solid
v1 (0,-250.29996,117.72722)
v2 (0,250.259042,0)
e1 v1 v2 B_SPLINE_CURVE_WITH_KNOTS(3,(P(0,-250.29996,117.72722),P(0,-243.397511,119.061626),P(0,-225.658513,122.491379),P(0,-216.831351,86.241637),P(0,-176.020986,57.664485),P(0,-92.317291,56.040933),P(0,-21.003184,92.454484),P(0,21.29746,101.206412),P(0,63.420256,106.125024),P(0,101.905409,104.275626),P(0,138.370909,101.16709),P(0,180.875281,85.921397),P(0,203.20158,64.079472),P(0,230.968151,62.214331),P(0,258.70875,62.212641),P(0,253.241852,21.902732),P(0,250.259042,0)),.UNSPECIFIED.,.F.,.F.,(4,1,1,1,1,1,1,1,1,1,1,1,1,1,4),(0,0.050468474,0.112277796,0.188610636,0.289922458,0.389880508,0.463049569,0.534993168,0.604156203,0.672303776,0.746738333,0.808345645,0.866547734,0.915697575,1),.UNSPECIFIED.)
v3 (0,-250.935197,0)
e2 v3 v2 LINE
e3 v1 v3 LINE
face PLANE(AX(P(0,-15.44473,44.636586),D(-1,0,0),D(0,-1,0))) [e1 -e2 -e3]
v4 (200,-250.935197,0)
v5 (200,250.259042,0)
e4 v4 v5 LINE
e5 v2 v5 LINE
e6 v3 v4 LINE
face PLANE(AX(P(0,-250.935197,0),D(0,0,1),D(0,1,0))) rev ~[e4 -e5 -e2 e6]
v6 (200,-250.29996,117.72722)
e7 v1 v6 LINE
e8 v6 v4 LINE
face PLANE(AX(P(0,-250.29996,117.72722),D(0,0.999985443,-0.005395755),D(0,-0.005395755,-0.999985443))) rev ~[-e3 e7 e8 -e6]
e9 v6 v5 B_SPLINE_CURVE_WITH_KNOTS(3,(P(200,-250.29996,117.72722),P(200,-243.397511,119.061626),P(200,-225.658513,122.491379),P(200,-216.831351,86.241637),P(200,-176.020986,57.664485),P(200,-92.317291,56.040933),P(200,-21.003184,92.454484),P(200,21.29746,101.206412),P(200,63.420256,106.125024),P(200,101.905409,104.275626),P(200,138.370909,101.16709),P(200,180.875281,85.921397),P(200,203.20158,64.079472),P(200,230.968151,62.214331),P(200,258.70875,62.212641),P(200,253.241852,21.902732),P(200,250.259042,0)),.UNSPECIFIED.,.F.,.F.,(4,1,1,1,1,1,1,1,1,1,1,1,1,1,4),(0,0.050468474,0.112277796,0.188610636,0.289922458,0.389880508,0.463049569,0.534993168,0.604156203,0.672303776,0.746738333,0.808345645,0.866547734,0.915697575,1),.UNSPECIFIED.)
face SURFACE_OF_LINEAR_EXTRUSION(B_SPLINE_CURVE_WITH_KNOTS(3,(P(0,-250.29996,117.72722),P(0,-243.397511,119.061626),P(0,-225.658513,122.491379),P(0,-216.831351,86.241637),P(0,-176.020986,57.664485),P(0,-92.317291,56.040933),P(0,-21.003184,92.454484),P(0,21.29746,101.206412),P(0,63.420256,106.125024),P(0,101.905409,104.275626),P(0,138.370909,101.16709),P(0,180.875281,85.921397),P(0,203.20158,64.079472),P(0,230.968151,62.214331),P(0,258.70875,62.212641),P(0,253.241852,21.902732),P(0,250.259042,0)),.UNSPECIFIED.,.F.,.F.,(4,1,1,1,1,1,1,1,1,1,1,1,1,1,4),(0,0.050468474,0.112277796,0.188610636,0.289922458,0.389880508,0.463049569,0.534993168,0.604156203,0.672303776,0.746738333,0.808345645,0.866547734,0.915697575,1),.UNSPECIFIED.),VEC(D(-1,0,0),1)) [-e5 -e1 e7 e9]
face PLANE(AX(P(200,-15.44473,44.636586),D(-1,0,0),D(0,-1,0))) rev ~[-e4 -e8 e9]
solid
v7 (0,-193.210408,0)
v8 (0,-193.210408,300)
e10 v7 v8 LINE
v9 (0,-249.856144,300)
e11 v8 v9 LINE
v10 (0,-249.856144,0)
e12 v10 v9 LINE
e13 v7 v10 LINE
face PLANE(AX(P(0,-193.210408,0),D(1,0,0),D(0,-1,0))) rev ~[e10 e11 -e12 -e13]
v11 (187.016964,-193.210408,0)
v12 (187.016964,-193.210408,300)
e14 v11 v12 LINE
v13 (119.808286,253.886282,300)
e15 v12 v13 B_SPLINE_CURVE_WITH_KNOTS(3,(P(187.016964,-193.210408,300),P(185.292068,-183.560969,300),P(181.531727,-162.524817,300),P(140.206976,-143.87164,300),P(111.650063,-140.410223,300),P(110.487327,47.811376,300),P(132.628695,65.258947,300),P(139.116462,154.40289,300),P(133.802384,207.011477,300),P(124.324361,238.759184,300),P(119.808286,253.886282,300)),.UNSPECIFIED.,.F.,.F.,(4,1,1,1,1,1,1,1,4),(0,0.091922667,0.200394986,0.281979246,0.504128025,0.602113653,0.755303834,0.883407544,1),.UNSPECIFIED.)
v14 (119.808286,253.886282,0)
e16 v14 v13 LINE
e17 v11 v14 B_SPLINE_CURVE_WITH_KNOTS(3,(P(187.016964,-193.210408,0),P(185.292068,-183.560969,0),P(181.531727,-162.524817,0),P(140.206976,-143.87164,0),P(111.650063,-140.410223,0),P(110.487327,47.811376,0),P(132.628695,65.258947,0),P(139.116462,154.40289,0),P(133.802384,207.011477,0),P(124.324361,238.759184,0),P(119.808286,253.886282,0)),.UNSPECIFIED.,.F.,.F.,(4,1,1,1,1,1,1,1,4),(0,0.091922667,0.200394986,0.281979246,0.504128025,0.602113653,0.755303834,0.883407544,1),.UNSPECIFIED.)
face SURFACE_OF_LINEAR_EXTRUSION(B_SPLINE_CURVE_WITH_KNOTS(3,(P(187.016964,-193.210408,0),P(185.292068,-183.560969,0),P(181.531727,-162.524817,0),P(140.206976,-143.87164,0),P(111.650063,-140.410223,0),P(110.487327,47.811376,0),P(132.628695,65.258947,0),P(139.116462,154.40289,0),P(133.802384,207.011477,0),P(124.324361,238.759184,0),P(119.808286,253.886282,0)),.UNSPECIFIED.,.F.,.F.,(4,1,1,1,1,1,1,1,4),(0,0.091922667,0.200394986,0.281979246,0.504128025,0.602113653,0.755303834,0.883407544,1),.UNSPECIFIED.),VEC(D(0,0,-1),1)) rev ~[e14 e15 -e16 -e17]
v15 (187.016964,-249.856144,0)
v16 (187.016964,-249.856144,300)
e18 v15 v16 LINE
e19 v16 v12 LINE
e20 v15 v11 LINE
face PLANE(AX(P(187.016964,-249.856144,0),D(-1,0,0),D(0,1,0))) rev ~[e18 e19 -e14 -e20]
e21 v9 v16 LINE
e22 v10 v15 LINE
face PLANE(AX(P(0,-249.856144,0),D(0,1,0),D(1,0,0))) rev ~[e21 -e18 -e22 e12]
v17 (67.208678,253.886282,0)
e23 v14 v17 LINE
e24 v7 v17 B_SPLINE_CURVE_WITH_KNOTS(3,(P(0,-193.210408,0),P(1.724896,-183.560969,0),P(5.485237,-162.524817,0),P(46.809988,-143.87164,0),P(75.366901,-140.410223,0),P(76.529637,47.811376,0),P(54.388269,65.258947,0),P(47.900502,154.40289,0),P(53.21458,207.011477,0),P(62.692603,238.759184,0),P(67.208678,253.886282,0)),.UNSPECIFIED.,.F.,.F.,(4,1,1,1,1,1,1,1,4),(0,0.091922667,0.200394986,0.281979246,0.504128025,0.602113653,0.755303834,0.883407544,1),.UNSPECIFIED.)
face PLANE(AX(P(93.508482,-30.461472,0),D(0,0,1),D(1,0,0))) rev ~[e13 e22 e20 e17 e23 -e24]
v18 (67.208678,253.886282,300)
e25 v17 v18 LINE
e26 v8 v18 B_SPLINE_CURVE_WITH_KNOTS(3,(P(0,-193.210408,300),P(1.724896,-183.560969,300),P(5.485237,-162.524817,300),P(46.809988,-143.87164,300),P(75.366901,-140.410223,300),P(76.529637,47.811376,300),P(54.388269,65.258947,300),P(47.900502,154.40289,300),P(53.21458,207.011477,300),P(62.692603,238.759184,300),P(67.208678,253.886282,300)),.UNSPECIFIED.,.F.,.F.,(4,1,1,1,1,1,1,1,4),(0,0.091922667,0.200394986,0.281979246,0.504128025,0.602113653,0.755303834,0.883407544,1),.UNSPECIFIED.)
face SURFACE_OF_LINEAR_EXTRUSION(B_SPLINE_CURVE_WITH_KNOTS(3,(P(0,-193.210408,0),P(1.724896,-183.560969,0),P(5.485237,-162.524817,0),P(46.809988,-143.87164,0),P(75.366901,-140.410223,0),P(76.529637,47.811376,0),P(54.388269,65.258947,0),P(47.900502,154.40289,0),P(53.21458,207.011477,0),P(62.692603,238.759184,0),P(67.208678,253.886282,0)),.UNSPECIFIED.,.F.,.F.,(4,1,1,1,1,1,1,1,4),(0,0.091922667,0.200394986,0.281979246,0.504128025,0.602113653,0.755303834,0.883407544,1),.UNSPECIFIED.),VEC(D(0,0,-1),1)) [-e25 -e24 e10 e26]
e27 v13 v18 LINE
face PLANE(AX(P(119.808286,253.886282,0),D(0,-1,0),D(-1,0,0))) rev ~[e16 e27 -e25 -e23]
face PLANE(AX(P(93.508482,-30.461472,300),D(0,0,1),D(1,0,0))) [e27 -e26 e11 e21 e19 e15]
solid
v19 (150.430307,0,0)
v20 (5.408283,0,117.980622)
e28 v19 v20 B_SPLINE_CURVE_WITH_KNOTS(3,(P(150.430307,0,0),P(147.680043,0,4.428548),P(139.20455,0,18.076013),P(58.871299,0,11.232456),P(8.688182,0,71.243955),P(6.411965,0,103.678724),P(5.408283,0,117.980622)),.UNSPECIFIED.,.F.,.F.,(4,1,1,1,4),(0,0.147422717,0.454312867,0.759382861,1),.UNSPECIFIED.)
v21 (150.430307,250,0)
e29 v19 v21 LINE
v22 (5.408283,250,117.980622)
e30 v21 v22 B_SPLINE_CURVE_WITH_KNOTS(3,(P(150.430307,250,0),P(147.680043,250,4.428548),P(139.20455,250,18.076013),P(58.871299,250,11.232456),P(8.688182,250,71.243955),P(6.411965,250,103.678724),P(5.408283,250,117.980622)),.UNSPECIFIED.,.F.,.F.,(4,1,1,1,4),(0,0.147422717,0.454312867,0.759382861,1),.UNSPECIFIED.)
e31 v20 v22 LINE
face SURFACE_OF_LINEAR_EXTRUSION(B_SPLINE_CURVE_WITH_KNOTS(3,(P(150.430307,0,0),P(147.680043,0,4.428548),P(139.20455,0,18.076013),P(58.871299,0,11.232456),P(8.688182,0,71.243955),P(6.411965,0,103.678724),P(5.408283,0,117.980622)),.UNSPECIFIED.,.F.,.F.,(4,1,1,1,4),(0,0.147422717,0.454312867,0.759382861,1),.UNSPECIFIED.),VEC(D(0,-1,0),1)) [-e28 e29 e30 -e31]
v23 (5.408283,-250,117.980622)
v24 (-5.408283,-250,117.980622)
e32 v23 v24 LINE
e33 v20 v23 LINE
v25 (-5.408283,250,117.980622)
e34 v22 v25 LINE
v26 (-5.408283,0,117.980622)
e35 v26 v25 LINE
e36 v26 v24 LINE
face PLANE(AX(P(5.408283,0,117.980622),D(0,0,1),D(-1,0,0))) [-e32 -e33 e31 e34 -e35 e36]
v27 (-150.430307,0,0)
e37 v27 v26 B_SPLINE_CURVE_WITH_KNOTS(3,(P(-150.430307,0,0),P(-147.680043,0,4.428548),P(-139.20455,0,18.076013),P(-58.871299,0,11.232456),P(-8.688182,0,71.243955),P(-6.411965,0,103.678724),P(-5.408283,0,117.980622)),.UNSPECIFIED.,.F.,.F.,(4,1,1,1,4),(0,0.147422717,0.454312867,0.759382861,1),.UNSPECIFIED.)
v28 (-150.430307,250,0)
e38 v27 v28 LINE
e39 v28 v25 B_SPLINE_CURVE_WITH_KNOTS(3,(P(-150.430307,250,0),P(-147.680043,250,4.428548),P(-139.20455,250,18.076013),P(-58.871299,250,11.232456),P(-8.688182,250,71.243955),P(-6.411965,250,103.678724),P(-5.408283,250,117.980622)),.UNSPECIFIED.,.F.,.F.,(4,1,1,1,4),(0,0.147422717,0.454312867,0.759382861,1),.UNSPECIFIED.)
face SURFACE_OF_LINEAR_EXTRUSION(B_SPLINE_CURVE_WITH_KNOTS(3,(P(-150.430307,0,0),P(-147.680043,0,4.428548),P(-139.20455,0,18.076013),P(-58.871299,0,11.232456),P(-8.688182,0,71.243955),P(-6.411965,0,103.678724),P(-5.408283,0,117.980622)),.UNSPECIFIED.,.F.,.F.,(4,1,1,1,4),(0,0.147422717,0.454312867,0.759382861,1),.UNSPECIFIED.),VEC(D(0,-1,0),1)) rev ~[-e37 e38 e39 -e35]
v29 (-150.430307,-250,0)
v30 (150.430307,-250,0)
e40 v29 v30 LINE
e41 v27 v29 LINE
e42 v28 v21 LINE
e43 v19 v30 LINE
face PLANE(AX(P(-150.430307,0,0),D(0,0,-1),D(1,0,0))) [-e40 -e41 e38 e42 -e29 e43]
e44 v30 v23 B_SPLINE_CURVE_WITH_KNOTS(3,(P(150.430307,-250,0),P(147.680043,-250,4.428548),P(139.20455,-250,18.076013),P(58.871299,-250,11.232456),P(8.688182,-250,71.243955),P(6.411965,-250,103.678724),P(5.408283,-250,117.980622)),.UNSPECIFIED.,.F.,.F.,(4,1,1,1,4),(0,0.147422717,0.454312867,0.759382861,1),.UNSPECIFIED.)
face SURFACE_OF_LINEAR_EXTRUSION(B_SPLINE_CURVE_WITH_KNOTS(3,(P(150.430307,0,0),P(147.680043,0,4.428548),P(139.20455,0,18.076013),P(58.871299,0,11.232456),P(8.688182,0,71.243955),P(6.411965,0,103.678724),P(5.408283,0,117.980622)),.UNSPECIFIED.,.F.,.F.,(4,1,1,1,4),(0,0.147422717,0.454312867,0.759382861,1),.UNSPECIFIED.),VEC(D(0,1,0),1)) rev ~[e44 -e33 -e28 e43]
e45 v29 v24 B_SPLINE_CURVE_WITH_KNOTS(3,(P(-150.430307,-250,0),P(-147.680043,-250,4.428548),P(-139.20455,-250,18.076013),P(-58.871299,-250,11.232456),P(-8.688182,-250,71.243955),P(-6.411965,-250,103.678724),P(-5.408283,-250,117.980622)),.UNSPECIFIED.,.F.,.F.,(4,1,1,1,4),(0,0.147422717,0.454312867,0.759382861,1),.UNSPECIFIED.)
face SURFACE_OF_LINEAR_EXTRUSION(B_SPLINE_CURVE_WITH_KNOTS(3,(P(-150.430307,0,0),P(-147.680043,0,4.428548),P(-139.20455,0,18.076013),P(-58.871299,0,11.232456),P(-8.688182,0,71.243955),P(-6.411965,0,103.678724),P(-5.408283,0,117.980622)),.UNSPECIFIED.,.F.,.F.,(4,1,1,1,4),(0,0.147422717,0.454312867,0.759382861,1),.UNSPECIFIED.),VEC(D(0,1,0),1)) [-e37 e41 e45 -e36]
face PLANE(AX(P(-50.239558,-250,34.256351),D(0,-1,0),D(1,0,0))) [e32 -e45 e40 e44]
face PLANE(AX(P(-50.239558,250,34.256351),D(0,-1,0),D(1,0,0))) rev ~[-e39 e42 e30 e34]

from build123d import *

# Parameters (mm, degrees)
F1_DEPTH = 250
F3_DEPTH = 200
F5_DEPTH = 300


with BuildPart() as f1:
    # F0 (on Front) → F1 (new body, symmetric)
    with BuildSketch(Plane.XZ):
        with BuildLine():
            Line((-150.4303067923, 0), (0, 0))
            Line((0, 0), (0, 4.9730219221))
            ThreePointArc((0, 4.9730219221), (-26.0745104128, 31.0475323349), (0, 57.1220427477))
            Line((0, 57.1220427477), (0, 117.9806217551))
            Line((0, 117.9806217551), (-5.4082828574, 117.9806217551))
            add(Edge.make_bspline(
                [(-150.4303067923, 0), (-147.6800431157, 4.4285480102), (-139.2045503248, 18.0760128164), (-58.871298674, 11.2324562302), (-8.6881816648, 71.2439553349), (-6.4119653962, 103.6787244211), (-5.4082828574, 117.9806217551)],
                knots=[0, 0, 0, 0, 0.147422717, 0.4543128668, 0.7593828606, 1, 1, 1, 1], degree=3))
        make_face()
        with BuildLine():
            Line((0, 57.1220427477), (0, 4.9730219221))
            ThreePointArc((0, 4.9730219221), (18.437463129, 12.6100692059), (26.0745104128, 31.0475323349))
            ThreePointArc((26.0745104128, 31.0475323349), (18.437463129, 49.4849954639), (0, 57.1220427477))
        make_face()
        with BuildLine():
            Line((0, 4.9730219221), (0, 0))
            Line((0, 0), (150.4303067923, 0))
            add(Edge.make_bspline(
                [(150.4303067923, 0), (147.6800431157, 4.4285480102), (139.2045503248, 18.0760128164), (58.871298674, 11.2324562302), (8.6881816648, 71.2439553349), (6.4119653962, 103.6787244211), (5.4082828574, 117.9806217551)],
                knots=[0, 0, 0, 0, 0.147422717, 0.4543128668, 0.7593828606, 1, 1, 1, 1], degree=3))
            Line((5.4082828574, 117.9806217551), (0, 117.9806217551))
            Line((0, 117.9806217551), (0, 57.1220427477))
            ThreePointArc((0, 57.1220427477), (18.437463129, 49.4849954639), (26.0745104128, 31.0475323349))
            ThreePointArc((26.0745104128, 31.0475323349), (18.437463129, 12.6100692059), (0, 4.9730219221))
        make_face()
        with BuildLine():
            ThreePointArc((0, 57.1220427477), (-26.0745104128, 31.0475323349), (0, 4.9730219221))
            Line((0, 4.9730219221), (0, 57.1220427477))
        make_face()
    extrude(amount=F1_DEPTH, both=True)


with BuildPart() as f3:
    # F2 (on Right) → F3 (new body)
    with BuildSketch(Plane.YZ):
        with BuildLine():
            add(Edge.make_bspline(
                [(-250.2999603748, 117.7272200584), (-243.397510599, 119.0616262845), (-225.658512766, 122.4913788281), (-216.8313513101, 86.241636899), (-176.0209856598, 57.6644847038), (-92.3172913309, 56.0409334649), (-21.0031842205, 92.4544835435), (21.2974596646, 101.2064118587), (63.4202562469, 106.125023955), (101.9054094677, 104.2756258407), (138.3709094524, 101.1670896025), (180.8752810882, 85.9213967842), (203.2015801651, 64.0794723607), (230.9681511067, 62.2143314741), (258.7087504334, 62.2126408225), (253.2418524467, 21.9027323981), (250.2590417862, 0)],
                knots=[0, 0, 0, 0, 0.0504684743, 0.1122777964, 0.1886106362, 0.2899224579, 0.3898805076, 0.4630495693, 0.5349931675, 0.6041562026, 0.6723037764, 0.7467383335, 0.8083456452, 0.8665477344, 0.915697575, 1, 1, 1, 1], degree=3))
            Line((-250.2999603748, 117.7272200584), (-250.9351968765, 0))
            Line((-250.9351968765, 0), (250.2590417862, 0))
        make_face()
    extrude(amount=F3_DEPTH)


with BuildPart() as f5:
    # F4 (on Top) → F5 (new body)
    with BuildSketch(Plane.XY):
        with BuildLine():
            Line((0, -193.2104080915), (0, -249.8561441898))
            Line((0, -249.8561441898), (187.0169639587, -249.8561441898))
            Line((187.0169639587, -249.8561441898), (187.0169639587, -193.2104080915))
            add(Edge.make_bspline(
                [(187.0169639587, -193.2104080915), (185.2920677151, -183.5609691461), (181.5317268611, -162.5248171939), (140.2069760117, -143.871640491), (111.6500632792, -140.4102234549), (110.4873267519, 47.8113764806), (132.628694908, 65.2589468599), (139.116461941, 154.4028903421), (133.8023842855, 207.0114768239), (124.3243606701, 238.7591835481), (119.8082864285, 253.886282444)],
                knots=[0, 0, 0, 0, 0.0919226667, 0.2003949862, 0.281979246, 0.5041280253, 0.6021136527, 0.7553038342, 0.883407544, 1, 1, 1, 1], degree=3))
            Line((119.8082864285, 253.886282444), (93.5084819794, 253.886282444))
            Line((93.5084819794, 253.886282444), (67.2086775303, 253.886282444))
            add(Edge.make_bspline(
                [(0, -193.2104080915), (1.7248962437, -183.5609691461), (5.4852370976, -162.5248171939), (46.8099879471, -143.871640491), (75.3669006796, -140.4102234549), (76.5296372068, 47.8113764806), (54.3882690507, 65.2589468599), (47.9005020177, 154.4028903421), (53.2145796732, 207.0114768239), (62.6926032886, 238.7591835481), (67.2086775303, 253.886282444)],
                knots=[0, 0, 0, 0, 0.0919226667, 0.2003949862, 0.281979246, 0.5041280253, 0.6021136527, 0.7553038342, 0.883407544, 1, 1, 1, 1], degree=3))
        make_face()
    extrude(amount=F5_DEPTH)


solid = Compound([f1.part, f3.part, f5.part])
